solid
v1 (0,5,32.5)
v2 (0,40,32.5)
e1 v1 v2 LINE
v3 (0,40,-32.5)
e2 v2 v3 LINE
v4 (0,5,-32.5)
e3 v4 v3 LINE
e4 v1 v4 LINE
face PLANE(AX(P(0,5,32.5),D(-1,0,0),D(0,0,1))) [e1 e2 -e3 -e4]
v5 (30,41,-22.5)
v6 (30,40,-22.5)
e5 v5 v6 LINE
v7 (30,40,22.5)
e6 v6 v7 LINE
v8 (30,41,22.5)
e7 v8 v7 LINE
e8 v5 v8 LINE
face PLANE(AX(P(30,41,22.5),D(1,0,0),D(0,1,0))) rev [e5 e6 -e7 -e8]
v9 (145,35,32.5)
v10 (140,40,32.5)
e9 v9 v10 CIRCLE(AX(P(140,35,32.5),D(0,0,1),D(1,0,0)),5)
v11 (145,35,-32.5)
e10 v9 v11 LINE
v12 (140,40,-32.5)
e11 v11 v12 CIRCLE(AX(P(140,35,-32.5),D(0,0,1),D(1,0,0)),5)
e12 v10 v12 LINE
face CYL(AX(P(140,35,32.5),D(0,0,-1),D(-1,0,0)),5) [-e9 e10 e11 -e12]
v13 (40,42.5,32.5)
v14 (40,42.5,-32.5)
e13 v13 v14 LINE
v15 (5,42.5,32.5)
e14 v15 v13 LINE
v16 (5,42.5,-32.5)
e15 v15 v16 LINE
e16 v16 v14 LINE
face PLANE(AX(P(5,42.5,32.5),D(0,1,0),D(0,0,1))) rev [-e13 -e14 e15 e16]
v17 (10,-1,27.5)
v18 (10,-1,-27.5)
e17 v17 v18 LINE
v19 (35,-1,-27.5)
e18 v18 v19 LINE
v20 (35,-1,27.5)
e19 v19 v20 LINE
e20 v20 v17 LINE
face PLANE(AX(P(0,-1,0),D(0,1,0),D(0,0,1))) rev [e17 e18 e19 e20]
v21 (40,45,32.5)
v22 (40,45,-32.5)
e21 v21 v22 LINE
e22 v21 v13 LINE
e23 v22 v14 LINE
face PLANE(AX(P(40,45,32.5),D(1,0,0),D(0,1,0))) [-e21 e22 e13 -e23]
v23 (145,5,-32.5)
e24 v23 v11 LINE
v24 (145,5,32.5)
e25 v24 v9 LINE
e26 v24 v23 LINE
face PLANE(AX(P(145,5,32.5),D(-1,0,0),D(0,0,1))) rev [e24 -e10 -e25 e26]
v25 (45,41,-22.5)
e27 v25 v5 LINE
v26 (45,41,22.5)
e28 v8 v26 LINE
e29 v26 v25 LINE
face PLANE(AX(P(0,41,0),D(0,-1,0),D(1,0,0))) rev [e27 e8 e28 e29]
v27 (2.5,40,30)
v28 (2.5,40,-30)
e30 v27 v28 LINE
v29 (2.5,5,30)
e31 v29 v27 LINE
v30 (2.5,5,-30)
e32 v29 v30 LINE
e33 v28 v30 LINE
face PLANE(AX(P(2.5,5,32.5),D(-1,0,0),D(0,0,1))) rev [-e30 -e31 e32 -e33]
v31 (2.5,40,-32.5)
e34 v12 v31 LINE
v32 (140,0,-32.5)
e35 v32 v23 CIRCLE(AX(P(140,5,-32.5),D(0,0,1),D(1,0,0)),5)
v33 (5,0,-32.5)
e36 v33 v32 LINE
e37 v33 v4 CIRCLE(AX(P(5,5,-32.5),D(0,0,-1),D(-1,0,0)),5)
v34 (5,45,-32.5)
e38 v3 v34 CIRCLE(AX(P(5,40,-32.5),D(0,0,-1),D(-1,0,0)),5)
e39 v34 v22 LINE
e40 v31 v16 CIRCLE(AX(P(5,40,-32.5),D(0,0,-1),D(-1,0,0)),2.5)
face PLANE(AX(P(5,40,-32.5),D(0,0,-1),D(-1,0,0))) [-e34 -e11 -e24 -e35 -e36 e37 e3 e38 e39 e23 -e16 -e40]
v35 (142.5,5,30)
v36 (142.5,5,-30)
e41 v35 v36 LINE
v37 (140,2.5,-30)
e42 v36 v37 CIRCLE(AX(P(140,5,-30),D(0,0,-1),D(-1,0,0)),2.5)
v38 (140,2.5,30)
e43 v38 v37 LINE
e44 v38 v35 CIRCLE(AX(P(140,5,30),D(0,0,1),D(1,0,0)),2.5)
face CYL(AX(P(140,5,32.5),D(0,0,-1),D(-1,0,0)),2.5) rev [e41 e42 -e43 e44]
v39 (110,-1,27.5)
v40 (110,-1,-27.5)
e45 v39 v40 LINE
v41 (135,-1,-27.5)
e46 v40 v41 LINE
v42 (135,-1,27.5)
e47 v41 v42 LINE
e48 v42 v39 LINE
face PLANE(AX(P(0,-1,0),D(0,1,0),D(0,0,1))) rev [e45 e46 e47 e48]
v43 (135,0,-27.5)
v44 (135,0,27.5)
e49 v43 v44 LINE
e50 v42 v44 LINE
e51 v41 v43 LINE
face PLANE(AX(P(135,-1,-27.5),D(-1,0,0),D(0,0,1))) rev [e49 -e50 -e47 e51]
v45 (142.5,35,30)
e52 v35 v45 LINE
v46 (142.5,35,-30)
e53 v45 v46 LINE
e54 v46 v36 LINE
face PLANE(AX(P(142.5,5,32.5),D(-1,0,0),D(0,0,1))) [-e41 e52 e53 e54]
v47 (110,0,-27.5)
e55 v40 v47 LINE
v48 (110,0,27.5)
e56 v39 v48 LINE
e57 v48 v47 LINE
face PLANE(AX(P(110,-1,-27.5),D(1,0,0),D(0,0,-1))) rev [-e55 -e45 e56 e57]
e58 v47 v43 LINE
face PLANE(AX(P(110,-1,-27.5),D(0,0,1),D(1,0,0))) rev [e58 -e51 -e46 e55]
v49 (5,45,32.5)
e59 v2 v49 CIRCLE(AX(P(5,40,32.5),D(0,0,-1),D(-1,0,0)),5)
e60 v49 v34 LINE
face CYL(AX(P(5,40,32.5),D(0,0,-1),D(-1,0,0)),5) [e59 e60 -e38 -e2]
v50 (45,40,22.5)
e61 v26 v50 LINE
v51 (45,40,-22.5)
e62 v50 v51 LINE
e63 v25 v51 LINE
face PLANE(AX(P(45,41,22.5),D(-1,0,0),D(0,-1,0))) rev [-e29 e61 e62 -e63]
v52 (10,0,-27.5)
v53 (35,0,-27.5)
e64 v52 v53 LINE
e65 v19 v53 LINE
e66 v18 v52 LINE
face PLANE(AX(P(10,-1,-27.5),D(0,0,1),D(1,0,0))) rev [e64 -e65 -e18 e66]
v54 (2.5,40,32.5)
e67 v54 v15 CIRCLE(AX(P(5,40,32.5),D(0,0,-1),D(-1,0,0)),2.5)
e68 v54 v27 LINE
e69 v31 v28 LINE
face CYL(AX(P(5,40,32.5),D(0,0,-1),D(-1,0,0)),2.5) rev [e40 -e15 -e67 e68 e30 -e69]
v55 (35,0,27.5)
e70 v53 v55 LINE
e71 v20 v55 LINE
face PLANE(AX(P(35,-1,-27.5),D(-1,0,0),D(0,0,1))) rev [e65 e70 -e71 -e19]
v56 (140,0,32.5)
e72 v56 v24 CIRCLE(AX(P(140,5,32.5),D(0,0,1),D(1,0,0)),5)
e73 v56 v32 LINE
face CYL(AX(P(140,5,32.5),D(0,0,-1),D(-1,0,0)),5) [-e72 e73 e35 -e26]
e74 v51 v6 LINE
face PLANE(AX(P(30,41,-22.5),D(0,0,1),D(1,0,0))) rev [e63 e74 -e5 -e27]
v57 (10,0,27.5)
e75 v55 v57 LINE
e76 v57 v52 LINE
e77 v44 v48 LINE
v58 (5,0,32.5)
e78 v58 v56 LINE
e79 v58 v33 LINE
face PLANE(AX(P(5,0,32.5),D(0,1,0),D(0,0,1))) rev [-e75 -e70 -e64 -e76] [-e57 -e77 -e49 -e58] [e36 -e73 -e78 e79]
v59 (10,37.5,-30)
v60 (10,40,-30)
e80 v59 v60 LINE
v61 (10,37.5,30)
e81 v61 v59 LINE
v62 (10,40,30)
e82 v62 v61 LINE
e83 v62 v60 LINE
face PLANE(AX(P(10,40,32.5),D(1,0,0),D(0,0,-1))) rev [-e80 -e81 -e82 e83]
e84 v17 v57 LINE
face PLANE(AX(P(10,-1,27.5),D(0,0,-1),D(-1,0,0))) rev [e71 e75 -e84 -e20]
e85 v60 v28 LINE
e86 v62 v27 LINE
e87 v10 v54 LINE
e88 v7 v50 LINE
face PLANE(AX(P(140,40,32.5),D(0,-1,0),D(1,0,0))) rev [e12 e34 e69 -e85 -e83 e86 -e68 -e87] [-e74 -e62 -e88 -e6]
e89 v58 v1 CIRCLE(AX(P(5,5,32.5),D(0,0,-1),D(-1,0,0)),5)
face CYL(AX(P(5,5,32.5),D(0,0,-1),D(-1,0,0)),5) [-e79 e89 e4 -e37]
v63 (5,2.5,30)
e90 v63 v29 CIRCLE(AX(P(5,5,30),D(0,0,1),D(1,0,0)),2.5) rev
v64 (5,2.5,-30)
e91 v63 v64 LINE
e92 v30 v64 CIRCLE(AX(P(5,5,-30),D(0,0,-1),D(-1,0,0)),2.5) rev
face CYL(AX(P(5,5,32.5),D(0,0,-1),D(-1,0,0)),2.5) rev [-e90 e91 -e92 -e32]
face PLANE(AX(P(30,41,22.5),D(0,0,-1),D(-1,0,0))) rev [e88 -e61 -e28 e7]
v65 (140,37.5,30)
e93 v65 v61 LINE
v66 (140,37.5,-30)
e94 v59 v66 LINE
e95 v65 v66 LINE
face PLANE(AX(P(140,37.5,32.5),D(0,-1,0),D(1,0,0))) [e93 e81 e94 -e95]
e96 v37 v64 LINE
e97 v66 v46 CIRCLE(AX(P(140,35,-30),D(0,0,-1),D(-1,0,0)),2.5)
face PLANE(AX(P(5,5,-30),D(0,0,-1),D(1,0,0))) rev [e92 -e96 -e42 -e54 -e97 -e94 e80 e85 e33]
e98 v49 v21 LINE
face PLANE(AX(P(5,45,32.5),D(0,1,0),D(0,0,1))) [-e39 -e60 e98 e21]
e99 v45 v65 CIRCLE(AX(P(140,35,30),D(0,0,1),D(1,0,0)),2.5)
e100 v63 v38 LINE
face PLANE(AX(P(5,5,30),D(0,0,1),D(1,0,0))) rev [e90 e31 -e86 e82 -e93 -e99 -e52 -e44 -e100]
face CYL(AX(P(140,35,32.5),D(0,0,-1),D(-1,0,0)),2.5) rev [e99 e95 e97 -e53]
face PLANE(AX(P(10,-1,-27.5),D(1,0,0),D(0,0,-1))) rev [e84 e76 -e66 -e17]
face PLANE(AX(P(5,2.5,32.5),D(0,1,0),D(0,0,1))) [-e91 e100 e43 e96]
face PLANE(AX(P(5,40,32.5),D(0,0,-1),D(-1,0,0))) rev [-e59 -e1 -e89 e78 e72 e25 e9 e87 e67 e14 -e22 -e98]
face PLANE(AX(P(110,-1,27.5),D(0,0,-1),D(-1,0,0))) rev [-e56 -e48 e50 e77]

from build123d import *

# Parameters (mm, degrees)
BOSS_EXTRUDE1_DEPTH = 32.5
BOSS_EXTRUDE2_DEPTH = 2.5
SKETCH3_W           = 15
SKETCH3_H           = 45
BOSS_EXTRUDE3_DEPTH = 1
SKETCH4_W           = 25
SKETCH4_H           = 55
BOSS_EXTRUDE4_DEPTH = 1


with BuildPart() as part:
    # Sketch1 → Boss-Extrude1 (new, symmetric)
    with BuildSketch(Plane.XY):
        with BuildLine():
            Line((5, 0), (140, 0))
            ThreePointArc((140, 0), (143.535533906, 1.464466094), (145, 5))
            Line((145, 5), (145, 35))
            ThreePointArc((145, 35), (143.535533906, 38.535533906), (140, 40))
            Line((140, 40), (10, 40))
            Line((10, 40), (10, 37.5))
            Line((10, 37.5), (140, 37.5))
            ThreePointArc((140, 37.5), (141.767766953, 36.767766953), (142.5, 35))
            Line((142.5, 35), (142.5, 5))
            ThreePointArc((142.5, 5), (141.767766953, 3.232233047), (140, 2.5))
            Line((140, 2.5), (5, 2.5))
            ThreePointArc((5, 2.5), (3.232233047, 3.232233047), (2.5, 5))
            Line((2.5, 5), (2.5, 40))
            ThreePointArc((2.5, 40), (3.232233047, 41.767766953), (5, 42.5))
            Line((5, 42.5), (40, 42.5))
            Line((40, 42.5), (40, 45))
            Line((40, 45), (5, 45))
            ThreePointArc((5, 45), (1.464466094, 43.535533906), (0, 40))
            Line((0, 40), (0, 5))
            ThreePointArc((0, 5), (1.464466094, 1.464466094), (5, 0))
        make_face()
    extrude(amount=BOSS_EXTRUDE1_DEPTH, both=True)

    # Sketch2 → Boss-Extrude2 (add)
    with BuildSketch(Plane.XY.offset(32.5)):
        with BuildLine():
            Line((0, 40), (0, 5))
            ThreePointArc((0, 5), (1.464466094, 1.464466094), (5, 0))
            Line((5, 0), (140, 0))
            ThreePointArc((140, 0), (143.535533906, 1.464466094), (145, 5))
            Line((145, 5), (145, 35))
            ThreePointArc((145, 35), (143.535533906, 38.535533906), (140, 40))
            Line((140, 40), (0, 40))
        make_face()
    boss_extrude2 = extrude(amount=-BOSS_EXTRUDE2_DEPTH)

    # Mirror1: Boss-Extrude2 across plane
    add(boss_extrude2.mirror(Plane.XY))

    # Sketch3 → Boss-Extrude3 (add)
    with BuildSketch(Plane(origin=(0, 40, 0), x_dir=(1, 0, 0), z_dir=(0, 1, 0))):
        with Locations((37.5, 0)):
            Rectangle(SKETCH3_W, SKETCH3_H)
    extrude(amount=BOSS_EXTRUDE3_DEPTH)

    # Sketch4 → Boss-Extrude4 (add)
    with BuildSketch(Plane.XZ):
        with Locations((22.5, 0)):
            Rectangle(SKETCH4_W, SKETCH4_H)
        with Locations((122.5, 0)):
            Rectangle(SKETCH4_W, SKETCH4_H)
    extrude(amount=BOSS_EXTRUDE4_DEPTH)


solid = part.part
